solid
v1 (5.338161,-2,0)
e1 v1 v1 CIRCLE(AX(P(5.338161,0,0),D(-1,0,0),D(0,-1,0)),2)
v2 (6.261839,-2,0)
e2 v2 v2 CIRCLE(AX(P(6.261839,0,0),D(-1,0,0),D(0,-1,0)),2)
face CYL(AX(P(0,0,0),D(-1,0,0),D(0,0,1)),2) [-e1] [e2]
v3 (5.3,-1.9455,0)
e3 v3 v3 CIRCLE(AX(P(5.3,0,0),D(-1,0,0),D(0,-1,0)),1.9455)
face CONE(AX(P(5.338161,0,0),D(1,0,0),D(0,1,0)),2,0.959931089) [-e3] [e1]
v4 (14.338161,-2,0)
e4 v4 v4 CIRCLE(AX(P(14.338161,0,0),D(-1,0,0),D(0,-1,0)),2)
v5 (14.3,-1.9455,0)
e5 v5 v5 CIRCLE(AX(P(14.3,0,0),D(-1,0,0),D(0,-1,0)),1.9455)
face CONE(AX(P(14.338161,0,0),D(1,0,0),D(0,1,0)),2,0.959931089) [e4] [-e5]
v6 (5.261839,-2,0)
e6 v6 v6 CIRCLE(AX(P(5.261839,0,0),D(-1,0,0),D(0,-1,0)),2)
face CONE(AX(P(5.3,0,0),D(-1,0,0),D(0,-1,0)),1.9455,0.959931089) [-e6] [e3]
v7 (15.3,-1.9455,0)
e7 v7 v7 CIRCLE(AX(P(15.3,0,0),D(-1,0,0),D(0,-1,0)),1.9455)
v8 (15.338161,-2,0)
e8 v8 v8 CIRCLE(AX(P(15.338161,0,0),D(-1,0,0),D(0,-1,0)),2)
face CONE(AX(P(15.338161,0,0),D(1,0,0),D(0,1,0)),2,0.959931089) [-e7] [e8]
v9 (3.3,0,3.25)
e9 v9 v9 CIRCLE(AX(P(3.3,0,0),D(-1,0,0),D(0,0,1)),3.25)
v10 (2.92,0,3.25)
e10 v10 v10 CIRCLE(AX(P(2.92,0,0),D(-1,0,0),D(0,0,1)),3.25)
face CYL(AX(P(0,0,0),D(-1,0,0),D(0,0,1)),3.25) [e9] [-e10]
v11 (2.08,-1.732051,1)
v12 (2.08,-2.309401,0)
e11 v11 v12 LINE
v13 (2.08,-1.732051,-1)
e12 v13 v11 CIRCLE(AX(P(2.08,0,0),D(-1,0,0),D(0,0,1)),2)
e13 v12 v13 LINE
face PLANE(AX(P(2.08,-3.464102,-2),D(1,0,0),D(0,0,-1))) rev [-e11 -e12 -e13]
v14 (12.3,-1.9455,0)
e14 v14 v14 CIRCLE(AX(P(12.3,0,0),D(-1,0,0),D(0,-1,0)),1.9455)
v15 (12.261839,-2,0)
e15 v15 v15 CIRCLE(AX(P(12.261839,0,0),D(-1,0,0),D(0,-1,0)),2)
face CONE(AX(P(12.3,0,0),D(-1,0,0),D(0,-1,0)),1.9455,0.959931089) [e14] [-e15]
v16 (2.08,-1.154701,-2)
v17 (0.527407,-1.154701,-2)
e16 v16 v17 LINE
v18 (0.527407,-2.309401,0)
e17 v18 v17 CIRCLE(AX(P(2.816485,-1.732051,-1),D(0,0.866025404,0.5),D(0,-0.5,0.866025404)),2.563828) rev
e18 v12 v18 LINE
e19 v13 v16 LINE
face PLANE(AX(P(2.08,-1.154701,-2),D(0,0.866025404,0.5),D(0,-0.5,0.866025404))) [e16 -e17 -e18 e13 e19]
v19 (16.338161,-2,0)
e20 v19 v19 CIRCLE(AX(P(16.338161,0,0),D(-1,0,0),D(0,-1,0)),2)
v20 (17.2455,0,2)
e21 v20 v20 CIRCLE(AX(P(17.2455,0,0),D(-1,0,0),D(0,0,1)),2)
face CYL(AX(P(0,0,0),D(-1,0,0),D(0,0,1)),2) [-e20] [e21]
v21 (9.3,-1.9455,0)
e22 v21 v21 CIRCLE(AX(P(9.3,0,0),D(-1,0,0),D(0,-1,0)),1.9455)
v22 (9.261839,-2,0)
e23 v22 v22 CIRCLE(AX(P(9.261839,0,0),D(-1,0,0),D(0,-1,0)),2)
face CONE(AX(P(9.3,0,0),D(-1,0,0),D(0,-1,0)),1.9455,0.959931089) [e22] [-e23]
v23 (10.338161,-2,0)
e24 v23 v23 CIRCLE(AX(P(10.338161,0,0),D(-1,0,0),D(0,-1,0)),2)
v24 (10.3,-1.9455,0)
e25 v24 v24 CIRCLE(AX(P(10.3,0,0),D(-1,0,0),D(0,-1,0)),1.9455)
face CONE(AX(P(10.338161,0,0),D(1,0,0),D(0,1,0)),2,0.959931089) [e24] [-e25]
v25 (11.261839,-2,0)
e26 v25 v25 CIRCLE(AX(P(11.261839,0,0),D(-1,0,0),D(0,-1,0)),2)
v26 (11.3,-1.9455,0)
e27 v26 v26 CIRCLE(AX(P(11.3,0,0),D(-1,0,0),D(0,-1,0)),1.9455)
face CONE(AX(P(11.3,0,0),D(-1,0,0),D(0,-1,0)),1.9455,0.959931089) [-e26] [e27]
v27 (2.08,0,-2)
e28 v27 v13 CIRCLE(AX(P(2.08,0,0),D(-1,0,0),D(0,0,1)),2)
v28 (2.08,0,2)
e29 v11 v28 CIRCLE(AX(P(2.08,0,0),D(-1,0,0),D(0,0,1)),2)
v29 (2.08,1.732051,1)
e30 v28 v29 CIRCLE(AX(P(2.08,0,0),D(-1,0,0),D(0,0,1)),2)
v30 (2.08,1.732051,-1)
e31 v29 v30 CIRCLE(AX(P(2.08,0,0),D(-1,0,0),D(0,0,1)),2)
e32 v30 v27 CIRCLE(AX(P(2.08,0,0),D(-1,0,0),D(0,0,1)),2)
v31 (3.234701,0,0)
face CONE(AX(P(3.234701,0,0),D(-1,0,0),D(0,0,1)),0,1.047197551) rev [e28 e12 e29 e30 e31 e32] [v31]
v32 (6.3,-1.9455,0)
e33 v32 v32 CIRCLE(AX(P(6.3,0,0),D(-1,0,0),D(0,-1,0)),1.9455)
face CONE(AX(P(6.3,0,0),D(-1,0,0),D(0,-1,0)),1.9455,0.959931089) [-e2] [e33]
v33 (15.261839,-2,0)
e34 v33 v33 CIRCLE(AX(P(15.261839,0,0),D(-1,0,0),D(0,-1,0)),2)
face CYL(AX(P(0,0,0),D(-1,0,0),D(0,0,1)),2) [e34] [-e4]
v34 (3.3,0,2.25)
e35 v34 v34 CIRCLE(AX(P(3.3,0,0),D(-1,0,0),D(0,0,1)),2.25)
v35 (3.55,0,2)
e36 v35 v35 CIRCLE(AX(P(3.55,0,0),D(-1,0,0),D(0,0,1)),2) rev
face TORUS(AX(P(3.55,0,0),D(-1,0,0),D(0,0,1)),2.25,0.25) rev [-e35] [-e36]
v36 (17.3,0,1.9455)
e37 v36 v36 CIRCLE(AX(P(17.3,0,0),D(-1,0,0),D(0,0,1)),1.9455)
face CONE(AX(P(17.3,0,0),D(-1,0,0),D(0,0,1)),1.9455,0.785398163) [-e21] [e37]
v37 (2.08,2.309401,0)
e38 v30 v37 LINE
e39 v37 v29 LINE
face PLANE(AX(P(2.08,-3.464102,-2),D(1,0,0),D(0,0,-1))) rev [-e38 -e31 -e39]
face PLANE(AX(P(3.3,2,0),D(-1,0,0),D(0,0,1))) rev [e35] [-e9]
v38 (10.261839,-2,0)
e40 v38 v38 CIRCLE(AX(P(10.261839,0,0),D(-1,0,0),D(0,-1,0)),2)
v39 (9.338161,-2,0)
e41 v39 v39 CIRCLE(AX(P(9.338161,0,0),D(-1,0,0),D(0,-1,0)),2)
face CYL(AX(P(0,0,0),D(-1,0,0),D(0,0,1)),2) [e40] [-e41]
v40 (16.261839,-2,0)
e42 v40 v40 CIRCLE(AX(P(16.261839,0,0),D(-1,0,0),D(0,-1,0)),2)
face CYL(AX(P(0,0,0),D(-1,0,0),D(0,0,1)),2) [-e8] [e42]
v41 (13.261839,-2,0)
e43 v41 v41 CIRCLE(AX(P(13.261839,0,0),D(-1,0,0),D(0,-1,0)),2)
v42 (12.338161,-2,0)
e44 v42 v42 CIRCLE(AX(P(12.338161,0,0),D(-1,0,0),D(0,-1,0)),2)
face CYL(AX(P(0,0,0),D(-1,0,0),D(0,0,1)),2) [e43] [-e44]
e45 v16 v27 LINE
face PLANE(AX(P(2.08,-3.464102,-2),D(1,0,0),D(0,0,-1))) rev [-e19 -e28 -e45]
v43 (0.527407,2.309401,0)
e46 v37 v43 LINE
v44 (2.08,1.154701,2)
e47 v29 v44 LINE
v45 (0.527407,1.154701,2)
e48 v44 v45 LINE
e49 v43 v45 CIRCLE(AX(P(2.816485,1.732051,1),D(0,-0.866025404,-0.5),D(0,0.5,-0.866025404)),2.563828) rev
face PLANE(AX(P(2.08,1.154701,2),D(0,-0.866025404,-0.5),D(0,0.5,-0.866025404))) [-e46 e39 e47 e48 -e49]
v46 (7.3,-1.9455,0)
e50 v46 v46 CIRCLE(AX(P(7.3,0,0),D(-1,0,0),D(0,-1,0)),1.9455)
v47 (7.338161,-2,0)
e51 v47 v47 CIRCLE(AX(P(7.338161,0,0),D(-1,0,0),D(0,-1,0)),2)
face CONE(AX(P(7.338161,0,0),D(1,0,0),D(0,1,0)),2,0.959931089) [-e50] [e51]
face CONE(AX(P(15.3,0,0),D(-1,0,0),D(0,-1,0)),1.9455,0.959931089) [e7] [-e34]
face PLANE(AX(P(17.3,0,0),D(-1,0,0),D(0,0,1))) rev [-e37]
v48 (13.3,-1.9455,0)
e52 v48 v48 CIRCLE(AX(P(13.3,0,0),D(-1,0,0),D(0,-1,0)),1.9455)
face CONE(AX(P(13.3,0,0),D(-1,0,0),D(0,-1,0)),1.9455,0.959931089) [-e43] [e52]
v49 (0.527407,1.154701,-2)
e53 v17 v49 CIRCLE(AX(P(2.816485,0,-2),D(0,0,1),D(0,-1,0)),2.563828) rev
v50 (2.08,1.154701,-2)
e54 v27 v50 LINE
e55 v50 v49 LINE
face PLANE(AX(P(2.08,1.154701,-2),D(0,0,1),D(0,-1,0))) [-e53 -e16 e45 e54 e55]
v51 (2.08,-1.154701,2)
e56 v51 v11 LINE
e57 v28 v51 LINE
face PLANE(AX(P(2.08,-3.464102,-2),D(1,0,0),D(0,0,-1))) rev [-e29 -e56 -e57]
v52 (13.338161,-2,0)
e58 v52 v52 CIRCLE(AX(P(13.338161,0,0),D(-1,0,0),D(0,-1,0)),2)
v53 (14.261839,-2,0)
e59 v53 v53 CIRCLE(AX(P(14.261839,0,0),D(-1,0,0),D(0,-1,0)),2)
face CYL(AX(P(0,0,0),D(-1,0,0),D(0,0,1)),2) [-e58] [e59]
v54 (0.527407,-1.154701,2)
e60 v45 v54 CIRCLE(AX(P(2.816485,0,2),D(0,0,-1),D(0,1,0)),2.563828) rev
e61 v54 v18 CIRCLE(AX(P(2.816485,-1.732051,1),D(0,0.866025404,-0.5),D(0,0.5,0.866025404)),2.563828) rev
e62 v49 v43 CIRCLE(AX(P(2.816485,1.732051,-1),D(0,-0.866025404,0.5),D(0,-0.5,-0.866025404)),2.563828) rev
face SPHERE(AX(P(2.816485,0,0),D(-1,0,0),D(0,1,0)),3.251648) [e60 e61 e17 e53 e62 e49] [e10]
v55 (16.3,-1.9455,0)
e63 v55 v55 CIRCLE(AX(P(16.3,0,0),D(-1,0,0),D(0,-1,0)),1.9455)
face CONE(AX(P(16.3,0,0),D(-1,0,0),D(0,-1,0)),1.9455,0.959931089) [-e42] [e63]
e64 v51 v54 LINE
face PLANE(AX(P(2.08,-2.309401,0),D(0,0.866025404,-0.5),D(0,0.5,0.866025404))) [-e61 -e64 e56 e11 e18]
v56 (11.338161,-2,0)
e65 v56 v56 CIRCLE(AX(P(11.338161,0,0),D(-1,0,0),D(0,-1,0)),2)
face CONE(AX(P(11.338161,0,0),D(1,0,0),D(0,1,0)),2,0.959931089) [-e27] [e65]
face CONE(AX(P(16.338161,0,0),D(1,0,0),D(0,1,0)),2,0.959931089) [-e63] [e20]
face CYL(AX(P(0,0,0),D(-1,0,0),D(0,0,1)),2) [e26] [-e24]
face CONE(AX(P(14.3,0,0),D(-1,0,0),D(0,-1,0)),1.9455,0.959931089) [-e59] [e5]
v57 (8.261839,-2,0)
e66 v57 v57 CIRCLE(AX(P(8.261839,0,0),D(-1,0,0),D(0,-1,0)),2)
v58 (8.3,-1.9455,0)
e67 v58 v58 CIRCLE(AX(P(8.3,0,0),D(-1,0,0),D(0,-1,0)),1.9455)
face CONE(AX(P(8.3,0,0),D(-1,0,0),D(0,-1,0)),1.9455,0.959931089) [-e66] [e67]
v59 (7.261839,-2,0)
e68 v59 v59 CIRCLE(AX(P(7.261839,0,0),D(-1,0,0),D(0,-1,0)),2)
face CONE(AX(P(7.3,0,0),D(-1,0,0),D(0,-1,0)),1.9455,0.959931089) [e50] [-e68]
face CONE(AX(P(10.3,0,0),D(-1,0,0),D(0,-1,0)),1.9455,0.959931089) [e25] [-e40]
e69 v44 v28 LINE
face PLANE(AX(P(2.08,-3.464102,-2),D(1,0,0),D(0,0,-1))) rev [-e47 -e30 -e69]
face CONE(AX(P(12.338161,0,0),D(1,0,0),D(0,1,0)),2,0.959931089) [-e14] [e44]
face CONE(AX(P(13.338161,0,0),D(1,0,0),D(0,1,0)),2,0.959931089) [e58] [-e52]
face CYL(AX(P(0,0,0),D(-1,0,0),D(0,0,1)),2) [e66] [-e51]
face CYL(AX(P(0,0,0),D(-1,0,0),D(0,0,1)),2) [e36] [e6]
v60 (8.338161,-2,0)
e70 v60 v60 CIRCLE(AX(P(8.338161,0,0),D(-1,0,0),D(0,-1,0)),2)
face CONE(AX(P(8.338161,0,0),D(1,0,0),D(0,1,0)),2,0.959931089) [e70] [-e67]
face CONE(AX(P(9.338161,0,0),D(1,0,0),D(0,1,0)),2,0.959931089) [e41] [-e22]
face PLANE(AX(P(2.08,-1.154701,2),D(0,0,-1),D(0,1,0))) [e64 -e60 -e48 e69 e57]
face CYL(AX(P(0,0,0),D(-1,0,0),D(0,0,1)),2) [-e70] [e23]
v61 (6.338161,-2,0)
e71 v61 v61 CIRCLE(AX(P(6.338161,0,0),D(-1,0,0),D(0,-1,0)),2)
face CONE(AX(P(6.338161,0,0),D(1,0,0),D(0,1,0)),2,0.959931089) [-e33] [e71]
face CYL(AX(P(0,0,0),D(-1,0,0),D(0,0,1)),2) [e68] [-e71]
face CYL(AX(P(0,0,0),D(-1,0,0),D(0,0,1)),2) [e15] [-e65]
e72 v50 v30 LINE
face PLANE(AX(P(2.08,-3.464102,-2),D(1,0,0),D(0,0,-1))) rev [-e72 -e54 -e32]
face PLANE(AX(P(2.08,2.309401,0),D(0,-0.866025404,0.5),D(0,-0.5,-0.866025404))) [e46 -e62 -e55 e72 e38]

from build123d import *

# Parameters (mm, degrees)
FILLET1_R       = 0.25
HEX_2_DEPTH     = 2.08
THDSCHPAT_COUNT = 13
THDSCHPAT_PITCH = 1


with BuildPart() as part:
    # BodySke → BaseBody (revolve)
    with BuildSketch(Plane.XY):
        with BuildLine():
            Line((17.3, 0), (17.3, 1.9455))
            Line((17.3, 1.9455), (17.2455, 2))
            Line((17.2455, 2), (3.3, 2))
            Line((3.3, 2), (3.3, 3.25))
            Line((3.3, 3.25), (2.92, 3.25))
            ThreePointArc((2.92, 3.25), (1.235280521, 2.841303618), (0, 1.625))
            Line((0, 1.625), (0, 0))
            Line((0, 0), (17.3, 0))
        make_face()
    revolve(axis=Axis((0, 0, 0), (1, 0, 0)))

    # Fillet1
    fillet1_edges = [part.edges().sort_by_distance(p)[0] for p in [
        (3.3, -2, 0),
    ]]
    fillet(fillet1_edges, radius=FILLET1_R)

    # Sketch2 → PreBroach (revolve, cut)
    with BuildSketch(Plane.XY):
        Polygon((0, 2), (2.08, 2), (3.234700538, 0), (0, 0), align=None)
    revolve(axis=Axis((0, 0, 0), (1, 0, 0)), mode=Mode.SUBTRACT)

    # Sketch3 → Hex 2 (cut)
    with BuildSketch(Plane(origin=(0, 0, 0), x_dir=(0, 0, -1), z_dir=(1, 0, 0))):
        Polygon((-2, -1.154700538), (-2, 1.154700538), (0, 2.309401077), (2, 1.154700538), (2, -1.154700538), (0, -2.309401077), align=None)
    extrude(amount=HEX_2_DEPTH, mode=Mode.SUBTRACT)

    # ThdSchSke → ThreadSchematic (revolve, cut)
    with BuildSketch(Plane.XY):
        Polygon((5.3, -1.9455), (5.261838689, -2), (5.261838689, -2.5), (5.338161311, -2.5), (5.338161311, -2), align=None)
    threadschematic = revolve(axis=Axis((-3.175, 0, 0), (1, 0, 0)), mode=Mode.SUBTRACT)

    # ThdSchPat: ThreadSchematic ×13
    with Locations(*[(i * THDSCHPAT_PITCH, 0, 0) for i in range(1, THDSCHPAT_COUNT)]):
        add(threadschematic, mode=Mode.SUBTRACT)


solid = part.part
